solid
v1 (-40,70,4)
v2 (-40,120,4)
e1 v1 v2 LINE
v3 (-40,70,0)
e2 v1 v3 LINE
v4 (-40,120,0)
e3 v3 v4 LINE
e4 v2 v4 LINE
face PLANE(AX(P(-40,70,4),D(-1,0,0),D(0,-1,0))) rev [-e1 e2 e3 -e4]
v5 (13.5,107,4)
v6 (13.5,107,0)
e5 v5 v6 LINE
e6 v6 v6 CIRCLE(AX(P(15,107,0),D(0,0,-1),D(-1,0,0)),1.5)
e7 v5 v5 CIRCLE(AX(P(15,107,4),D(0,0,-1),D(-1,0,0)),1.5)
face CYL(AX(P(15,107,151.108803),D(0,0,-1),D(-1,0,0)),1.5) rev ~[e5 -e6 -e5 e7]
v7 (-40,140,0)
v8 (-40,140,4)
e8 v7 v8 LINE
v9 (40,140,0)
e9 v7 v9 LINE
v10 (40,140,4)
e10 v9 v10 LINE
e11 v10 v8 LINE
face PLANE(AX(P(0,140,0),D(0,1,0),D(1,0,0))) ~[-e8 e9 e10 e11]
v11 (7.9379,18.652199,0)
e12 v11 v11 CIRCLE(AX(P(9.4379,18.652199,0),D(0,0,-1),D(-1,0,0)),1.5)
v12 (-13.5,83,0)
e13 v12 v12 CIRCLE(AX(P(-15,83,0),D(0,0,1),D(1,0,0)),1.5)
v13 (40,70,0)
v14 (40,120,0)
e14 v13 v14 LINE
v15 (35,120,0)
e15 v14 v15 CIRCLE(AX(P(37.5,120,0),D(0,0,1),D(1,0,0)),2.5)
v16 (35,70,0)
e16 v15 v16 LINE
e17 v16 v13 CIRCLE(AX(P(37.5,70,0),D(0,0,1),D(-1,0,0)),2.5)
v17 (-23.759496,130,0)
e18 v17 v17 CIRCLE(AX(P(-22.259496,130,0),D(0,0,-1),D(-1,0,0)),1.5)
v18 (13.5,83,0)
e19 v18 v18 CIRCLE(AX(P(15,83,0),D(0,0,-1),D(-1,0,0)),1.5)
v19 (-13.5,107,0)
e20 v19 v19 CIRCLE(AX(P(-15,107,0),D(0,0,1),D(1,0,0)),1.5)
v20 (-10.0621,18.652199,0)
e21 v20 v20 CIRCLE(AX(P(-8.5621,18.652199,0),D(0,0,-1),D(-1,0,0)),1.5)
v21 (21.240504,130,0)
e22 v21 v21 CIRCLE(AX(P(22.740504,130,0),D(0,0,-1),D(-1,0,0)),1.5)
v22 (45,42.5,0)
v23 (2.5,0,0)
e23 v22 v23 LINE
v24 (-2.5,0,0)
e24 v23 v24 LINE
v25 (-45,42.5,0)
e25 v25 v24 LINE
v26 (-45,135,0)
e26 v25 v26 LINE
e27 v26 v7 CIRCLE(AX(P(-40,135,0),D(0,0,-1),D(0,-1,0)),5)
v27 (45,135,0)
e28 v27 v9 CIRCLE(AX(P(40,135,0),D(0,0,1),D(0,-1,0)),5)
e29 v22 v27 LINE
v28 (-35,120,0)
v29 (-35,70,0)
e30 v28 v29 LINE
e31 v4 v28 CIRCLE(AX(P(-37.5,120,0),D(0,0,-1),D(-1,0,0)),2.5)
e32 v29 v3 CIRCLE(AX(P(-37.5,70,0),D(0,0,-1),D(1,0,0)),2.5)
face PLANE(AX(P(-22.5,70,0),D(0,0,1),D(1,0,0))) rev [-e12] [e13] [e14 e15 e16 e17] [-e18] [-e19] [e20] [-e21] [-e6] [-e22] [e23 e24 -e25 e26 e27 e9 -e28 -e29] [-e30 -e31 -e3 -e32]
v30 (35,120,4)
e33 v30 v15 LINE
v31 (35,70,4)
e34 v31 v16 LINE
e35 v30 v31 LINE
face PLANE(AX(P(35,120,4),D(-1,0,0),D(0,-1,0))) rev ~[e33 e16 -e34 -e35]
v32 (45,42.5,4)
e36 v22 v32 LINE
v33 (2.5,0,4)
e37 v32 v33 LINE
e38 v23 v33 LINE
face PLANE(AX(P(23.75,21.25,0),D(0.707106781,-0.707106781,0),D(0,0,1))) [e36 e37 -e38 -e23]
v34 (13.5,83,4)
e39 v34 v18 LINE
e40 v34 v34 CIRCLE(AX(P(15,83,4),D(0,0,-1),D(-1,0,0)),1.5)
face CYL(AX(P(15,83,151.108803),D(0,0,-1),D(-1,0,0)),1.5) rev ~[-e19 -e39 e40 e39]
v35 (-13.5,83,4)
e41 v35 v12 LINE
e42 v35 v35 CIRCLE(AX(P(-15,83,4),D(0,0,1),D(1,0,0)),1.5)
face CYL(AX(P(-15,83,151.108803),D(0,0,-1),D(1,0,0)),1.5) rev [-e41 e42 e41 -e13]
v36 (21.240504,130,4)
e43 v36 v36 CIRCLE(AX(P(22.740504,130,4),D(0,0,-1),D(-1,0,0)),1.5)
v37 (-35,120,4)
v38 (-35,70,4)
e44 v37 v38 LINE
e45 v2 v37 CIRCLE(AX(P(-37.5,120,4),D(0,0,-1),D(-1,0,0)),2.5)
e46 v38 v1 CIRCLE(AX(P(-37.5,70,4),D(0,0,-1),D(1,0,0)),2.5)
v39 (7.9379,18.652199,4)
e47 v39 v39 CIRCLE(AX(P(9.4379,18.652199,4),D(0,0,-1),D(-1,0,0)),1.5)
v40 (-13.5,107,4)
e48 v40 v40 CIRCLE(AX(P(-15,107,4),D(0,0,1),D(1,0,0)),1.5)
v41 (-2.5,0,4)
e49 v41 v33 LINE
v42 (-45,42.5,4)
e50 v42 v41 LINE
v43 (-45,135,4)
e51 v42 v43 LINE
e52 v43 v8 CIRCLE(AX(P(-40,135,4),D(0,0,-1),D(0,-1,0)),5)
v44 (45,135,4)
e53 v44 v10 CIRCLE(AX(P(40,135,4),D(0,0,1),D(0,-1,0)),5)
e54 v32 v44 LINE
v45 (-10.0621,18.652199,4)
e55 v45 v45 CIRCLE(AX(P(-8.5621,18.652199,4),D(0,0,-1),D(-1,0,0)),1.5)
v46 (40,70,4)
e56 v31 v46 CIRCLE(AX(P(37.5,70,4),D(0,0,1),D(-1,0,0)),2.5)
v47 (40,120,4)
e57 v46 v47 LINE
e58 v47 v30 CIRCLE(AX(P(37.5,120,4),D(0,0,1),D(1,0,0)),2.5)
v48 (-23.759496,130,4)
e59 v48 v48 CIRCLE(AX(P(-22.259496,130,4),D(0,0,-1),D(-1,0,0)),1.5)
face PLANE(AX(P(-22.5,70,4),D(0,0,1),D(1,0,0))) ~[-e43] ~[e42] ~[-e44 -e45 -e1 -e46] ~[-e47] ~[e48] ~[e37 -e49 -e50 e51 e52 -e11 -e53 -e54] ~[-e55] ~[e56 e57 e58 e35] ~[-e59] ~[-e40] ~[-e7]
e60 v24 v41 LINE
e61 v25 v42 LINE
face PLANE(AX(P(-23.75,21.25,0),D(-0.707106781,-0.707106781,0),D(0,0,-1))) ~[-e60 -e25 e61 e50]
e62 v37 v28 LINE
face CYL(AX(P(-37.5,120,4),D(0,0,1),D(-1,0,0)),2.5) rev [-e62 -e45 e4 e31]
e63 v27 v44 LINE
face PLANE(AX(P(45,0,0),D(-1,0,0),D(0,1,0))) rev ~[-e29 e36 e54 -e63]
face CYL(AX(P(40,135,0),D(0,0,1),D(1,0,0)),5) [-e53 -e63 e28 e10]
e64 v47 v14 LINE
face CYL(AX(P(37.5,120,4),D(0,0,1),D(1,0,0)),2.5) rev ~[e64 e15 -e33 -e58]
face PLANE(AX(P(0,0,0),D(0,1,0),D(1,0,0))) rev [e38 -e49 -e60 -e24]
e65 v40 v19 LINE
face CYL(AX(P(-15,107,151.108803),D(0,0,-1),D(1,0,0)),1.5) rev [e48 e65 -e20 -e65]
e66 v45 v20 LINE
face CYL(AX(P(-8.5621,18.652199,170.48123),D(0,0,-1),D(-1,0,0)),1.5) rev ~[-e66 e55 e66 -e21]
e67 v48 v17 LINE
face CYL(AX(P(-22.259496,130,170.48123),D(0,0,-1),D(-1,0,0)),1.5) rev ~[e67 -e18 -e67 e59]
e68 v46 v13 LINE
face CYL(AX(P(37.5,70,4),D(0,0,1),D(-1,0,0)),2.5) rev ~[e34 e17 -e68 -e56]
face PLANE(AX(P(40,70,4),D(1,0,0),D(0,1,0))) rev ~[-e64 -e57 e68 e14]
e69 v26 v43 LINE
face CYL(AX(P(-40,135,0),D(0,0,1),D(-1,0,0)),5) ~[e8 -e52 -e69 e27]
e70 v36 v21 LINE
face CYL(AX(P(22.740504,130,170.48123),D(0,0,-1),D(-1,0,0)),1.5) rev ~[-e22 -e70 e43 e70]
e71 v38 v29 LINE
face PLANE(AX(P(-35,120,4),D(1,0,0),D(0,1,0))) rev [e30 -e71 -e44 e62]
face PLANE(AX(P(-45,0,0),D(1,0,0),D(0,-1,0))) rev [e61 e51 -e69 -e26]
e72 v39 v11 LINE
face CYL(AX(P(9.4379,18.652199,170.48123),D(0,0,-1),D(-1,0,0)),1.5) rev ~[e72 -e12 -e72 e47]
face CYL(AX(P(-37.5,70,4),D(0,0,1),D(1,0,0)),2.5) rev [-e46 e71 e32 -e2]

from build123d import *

# Parameters (mm, degrees)
F0_W     = 45
F0_H     = 140
F1_DEPTH = 4
F2_R     = 5
F3_SIZE  = 42.5
F5_D     = 3
F8_DEPTH = 60.96641
F11_D    = 3
F13_D    = 3


with BuildPart() as f1:
    # F0 (on Top) → F1 (new body)
    with BuildSketch(Plane.XY):
        with Locations((22.5, 70)):
            Rectangle(F0_W, F0_H)
    extrude(amount=F1_DEPTH)

    # F2
    f2_edges = [f1.edges().sort_by_distance(p)[0] for p in [
        (45, 140, 2),
    ]]
    fillet(f2_edges, radius=F2_R)

    # F3
    f3_edges = [f1.edges().sort_by_distance(p)[0] for p in [
        (45, 0, 2),
    ]]
    chamfer(f3_edges, length=F3_SIZE)

    # F5 (through all)
    with Locations(Plane.XY.offset(4)):
        with Locations((15, 107), (15, 83)):
            Hole(F5_D / 2)

    # F7 (on face) → F8 (cut)
    with BuildSketch(Plane.XY.offset(4)):
        with BuildLine():
            ThreePointArc((35, 70), (37.5, 67.5), (40, 70))
            Line((40, 70), (40, 120))
            ThreePointArc((40, 120), (37.5, 122.5), (35, 120))
            Line((35, 120), (35, 70))
        make_face()
    extrude(amount=-F8_DEPTH, mode=Mode.SUBTRACT)

    # F9: F1 across plane


with BuildPart() as f1_1:
    add(f1.part)
    add(f1.part.mirror(Plane.YZ))

    # F11 (through all)
    with Locations(Plane.XY.offset(4)):
        with Locations((-22.259496, 130), (22.740504, 130)):
            Hole(F11_D / 2)

    # F13 (through all)
    with Locations(Plane.XY.offset(4)):
        with Locations((-8.5621, 18.652199), (9.4379, 18.652199)):
            Hole(F13_D / 2)


solid = f1_1.part
